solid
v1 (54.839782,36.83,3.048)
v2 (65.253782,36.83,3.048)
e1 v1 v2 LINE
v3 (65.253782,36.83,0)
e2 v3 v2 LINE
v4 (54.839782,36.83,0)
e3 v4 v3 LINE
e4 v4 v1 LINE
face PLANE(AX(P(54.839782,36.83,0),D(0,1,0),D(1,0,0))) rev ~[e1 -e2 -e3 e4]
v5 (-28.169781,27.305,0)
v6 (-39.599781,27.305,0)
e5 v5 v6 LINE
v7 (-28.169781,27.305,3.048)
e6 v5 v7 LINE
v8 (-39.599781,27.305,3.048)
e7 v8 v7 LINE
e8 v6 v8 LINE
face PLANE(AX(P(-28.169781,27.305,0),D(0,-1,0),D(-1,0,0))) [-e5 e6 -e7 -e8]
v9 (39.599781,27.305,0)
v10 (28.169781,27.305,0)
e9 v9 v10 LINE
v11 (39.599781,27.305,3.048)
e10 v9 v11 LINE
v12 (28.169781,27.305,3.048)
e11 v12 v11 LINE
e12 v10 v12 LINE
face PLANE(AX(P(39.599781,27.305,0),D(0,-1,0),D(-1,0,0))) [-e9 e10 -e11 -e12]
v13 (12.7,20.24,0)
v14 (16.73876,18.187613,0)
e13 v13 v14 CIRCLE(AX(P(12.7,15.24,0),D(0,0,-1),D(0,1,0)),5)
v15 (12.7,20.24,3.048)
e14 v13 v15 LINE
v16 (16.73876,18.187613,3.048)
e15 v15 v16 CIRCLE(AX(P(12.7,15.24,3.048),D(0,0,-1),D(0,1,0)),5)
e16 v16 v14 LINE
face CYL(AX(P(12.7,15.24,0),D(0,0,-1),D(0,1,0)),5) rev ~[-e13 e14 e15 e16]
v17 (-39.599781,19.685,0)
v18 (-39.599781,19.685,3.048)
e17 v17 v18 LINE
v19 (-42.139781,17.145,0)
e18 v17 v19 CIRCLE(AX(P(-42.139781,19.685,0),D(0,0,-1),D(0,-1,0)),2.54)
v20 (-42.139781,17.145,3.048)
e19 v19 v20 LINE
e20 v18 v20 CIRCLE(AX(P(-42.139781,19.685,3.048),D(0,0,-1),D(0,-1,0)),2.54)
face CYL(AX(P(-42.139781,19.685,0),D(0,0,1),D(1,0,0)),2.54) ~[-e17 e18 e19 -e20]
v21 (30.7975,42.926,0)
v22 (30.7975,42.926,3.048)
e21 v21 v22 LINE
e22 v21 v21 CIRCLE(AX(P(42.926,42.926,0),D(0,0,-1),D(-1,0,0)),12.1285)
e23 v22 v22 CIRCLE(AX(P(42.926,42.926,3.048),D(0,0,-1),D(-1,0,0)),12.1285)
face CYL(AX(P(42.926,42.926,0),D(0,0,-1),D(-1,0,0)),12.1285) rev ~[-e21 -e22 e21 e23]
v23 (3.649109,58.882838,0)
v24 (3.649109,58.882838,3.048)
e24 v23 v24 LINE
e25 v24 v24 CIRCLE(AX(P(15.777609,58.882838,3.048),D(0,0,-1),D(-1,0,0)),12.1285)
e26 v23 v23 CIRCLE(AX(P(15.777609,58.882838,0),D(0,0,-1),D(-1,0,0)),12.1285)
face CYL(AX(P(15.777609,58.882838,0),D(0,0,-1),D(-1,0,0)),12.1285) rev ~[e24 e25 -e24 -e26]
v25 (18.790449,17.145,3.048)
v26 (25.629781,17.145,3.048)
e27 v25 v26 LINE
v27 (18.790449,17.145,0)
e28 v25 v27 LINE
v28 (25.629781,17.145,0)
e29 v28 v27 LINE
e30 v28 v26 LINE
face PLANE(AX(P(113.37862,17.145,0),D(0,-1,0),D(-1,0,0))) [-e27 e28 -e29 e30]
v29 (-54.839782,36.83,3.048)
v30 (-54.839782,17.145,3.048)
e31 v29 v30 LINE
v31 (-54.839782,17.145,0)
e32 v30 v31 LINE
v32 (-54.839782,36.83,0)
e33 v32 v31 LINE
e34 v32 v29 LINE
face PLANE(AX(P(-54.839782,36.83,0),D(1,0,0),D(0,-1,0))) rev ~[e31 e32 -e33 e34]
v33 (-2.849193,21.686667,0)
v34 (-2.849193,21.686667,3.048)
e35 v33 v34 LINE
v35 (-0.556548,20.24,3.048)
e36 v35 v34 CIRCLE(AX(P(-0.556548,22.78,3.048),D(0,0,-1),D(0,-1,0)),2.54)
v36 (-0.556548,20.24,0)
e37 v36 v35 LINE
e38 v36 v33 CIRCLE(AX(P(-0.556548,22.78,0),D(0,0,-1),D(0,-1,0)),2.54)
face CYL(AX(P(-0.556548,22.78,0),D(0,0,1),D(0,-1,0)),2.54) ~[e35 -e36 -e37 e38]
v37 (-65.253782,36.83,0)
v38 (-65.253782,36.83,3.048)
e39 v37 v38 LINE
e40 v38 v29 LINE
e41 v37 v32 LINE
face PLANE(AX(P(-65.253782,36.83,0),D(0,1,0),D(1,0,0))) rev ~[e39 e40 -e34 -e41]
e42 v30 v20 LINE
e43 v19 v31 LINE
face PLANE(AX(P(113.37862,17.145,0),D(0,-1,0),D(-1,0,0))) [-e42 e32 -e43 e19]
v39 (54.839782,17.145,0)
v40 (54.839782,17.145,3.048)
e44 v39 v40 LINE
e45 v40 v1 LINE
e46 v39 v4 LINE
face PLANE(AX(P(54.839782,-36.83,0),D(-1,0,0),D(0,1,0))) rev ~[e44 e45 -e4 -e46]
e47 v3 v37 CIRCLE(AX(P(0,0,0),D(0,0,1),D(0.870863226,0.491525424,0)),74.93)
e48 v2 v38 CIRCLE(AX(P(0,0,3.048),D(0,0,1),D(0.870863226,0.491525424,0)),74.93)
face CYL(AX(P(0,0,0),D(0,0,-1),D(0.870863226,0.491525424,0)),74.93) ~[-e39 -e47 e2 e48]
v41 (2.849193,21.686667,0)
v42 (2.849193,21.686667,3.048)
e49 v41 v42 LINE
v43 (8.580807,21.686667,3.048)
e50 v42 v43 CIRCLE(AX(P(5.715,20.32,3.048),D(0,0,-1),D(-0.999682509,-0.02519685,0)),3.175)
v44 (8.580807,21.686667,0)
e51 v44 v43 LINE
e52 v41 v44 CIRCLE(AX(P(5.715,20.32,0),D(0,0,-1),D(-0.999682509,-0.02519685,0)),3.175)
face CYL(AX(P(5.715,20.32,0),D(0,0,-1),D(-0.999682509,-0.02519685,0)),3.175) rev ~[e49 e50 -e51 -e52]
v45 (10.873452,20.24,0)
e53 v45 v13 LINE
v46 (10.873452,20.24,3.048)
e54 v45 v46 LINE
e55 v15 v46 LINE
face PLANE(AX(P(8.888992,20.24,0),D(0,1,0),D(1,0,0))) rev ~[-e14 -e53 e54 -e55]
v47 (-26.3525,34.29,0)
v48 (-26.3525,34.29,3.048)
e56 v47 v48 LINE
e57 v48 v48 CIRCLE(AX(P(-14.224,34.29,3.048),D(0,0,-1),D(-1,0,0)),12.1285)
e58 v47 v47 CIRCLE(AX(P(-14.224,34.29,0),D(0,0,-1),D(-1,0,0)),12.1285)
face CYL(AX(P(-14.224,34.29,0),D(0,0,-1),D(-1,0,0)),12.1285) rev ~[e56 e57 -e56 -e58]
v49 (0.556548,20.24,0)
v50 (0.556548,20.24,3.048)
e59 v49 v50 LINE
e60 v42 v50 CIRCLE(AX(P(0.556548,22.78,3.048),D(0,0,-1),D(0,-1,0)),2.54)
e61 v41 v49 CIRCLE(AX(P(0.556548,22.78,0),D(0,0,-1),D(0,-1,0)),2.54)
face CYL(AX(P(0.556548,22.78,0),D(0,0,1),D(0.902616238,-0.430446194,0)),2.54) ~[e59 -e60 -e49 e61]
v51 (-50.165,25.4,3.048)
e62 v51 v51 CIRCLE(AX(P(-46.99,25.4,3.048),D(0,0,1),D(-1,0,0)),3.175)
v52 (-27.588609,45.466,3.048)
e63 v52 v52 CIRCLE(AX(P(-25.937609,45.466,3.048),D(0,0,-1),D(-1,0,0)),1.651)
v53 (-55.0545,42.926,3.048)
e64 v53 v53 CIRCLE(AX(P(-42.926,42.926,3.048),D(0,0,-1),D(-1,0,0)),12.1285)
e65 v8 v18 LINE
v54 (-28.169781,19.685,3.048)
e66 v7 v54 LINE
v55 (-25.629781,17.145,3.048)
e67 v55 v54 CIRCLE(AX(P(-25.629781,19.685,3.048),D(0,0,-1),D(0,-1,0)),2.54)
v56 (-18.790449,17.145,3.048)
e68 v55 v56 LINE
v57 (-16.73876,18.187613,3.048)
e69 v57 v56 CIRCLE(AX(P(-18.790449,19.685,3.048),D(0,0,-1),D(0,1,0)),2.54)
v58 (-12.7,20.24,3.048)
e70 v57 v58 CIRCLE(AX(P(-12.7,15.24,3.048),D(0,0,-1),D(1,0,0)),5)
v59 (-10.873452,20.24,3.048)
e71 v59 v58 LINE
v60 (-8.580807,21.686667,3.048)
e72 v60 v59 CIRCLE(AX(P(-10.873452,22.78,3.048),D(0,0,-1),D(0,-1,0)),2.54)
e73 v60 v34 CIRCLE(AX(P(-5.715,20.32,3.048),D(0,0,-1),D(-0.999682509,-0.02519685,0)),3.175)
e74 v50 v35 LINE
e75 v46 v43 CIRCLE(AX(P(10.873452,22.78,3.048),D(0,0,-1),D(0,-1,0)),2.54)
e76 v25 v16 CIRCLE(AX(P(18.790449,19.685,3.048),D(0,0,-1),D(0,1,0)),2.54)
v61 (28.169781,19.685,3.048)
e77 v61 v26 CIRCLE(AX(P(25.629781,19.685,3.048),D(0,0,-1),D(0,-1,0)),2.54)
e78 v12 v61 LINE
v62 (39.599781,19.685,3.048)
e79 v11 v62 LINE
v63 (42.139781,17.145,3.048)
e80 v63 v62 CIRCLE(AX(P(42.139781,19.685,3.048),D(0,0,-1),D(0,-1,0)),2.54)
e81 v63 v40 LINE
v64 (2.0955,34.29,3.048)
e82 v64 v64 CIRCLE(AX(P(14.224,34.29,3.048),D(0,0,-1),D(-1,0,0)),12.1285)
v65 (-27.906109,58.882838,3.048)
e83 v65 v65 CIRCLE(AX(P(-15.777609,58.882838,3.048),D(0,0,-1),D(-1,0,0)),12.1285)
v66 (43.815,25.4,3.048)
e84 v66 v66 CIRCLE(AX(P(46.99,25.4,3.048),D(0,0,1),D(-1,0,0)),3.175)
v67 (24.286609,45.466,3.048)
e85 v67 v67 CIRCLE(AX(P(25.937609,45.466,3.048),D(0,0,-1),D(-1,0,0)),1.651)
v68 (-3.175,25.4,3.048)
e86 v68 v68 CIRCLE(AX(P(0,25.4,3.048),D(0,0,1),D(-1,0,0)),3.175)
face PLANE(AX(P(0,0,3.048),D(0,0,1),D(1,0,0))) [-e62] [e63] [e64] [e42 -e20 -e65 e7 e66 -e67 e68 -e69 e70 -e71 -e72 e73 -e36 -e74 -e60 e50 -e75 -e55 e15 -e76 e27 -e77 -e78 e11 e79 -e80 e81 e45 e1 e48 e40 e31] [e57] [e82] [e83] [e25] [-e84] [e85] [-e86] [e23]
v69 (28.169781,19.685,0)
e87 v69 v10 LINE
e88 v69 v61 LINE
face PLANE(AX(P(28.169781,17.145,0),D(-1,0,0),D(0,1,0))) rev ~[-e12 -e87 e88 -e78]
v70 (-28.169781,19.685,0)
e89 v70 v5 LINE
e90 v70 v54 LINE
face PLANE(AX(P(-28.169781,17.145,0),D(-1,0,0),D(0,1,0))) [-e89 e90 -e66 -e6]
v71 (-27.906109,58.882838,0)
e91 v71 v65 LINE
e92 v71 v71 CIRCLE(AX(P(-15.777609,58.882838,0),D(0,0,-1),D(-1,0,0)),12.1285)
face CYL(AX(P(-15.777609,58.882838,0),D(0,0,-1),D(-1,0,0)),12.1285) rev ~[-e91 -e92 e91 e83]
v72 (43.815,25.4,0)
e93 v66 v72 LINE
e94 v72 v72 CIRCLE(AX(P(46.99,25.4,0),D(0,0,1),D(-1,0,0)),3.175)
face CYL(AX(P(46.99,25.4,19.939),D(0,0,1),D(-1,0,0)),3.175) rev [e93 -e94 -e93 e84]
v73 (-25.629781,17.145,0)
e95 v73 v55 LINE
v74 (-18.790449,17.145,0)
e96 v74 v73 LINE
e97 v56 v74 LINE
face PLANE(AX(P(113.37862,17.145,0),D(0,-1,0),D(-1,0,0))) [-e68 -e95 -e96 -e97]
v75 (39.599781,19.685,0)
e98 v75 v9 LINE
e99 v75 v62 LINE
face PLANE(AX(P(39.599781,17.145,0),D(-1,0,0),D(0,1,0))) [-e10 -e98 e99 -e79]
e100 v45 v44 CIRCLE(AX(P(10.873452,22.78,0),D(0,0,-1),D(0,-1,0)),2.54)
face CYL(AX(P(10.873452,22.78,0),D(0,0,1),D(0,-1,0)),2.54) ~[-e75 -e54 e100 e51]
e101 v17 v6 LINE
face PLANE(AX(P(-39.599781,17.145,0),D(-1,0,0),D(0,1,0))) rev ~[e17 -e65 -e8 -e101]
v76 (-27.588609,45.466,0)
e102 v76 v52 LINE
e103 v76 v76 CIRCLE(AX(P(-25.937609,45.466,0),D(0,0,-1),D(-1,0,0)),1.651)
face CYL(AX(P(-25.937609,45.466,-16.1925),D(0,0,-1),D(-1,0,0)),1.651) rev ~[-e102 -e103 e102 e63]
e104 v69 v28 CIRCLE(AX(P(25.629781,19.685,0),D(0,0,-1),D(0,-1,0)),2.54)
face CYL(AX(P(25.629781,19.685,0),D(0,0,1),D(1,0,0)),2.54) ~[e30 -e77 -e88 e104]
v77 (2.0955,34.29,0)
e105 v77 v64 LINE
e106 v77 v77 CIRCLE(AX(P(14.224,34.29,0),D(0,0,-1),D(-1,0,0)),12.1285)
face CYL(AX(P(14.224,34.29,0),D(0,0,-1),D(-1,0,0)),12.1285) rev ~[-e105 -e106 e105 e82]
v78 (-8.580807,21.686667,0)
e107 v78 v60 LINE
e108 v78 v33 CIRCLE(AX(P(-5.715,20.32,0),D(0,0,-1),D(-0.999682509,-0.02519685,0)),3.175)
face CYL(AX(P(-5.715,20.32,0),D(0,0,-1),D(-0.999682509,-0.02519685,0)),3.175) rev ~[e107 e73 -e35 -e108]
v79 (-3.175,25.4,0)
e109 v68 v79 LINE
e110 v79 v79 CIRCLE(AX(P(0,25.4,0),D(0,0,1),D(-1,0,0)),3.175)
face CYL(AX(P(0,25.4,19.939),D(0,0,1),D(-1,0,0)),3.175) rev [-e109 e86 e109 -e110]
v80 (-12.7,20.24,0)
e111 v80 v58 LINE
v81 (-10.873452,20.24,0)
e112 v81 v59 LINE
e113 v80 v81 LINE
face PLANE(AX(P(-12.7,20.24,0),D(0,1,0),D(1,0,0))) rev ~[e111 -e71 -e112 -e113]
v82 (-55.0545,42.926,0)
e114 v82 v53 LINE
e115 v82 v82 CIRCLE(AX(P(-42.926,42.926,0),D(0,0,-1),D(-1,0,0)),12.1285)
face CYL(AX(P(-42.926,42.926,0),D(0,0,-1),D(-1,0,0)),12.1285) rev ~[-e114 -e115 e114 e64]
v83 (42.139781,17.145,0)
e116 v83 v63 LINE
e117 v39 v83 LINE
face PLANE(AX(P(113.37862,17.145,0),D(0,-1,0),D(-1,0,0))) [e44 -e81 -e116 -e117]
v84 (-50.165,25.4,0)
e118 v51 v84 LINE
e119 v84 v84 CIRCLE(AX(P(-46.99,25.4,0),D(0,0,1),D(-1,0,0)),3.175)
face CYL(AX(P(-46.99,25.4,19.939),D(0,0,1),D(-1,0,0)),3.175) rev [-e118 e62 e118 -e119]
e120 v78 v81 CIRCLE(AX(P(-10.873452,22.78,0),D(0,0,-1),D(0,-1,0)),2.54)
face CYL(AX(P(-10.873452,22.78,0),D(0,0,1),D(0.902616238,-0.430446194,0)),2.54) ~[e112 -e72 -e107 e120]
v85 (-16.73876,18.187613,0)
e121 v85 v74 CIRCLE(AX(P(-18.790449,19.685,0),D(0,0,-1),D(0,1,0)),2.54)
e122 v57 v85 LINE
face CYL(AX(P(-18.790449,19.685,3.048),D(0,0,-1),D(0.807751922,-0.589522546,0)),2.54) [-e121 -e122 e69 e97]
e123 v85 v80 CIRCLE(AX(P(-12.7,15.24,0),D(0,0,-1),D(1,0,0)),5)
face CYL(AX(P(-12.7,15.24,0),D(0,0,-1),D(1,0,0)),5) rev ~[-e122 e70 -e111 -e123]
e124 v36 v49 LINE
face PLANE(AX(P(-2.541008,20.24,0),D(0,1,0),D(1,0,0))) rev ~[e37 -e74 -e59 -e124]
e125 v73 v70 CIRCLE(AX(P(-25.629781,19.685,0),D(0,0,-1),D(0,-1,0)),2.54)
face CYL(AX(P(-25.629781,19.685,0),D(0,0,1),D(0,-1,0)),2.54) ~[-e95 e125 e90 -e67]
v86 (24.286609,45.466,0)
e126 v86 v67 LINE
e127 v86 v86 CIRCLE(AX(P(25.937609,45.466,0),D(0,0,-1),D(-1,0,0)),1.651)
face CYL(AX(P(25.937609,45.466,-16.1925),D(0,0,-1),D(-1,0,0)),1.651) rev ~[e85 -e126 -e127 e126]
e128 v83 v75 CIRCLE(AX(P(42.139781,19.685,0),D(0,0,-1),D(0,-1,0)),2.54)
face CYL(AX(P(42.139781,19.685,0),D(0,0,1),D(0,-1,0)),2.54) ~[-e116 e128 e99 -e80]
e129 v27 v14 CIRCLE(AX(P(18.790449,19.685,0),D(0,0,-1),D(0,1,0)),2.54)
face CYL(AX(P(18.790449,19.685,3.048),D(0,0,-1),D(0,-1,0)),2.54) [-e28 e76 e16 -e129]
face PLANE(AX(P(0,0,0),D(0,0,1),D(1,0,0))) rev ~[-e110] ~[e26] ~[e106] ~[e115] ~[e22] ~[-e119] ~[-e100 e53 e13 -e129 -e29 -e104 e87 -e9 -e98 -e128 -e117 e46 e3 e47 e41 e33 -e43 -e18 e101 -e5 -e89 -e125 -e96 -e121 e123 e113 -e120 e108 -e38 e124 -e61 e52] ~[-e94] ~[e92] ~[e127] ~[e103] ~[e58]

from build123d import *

# Parameters (mm, degrees)
SKETCH1_R                 = 1.651
BOSS_EXTRUDE2_DEPTH       = 3.048
SKETCH2_R                 = 1.143
CUT_EXTRUDE1_DEPTH        = 4.048
SKETCH3_R                 = 12.1285
CUT_EXTRUDE2_DEPTH        = 4.048
SKETCH4_W                 = 28.562713242
SKETCH4_H                 = 11.677503754
BOSS_EXTRUDE3_DEPTH       = 3.048
SKETCH5_W                 = 230.699333954
SKETCH5_H                 = 107.587024537
CUT_EXTRUDE3_DEPTH        = 4.048
SKETCH6_R                 = 12.1285
CUT_EXTRUDE4_DEPTH        = 4.048
SKETCH9_W                 = 11.43
SKETCH9_H                 = 10.16
CUT_EXTRUDE7_DEPTH        = 4.048
SKETCH65_R                = 1.651
CUT_EXTRUDE63_DEPTH       = 97.79
SKETCH119_R               = 3.175
CUT_EXTRUDE117_DEPTH      = 103.378
CUT_EXTRUDE117_DEPTH_BACK = 48.768
CUT_EXTRUDE10_DEPTH       = 14.224
FILLET1_R                 = 2.54


with BuildPart() as part:
    # Sketch1 → Boss-Extrude2 (new body)
    with BuildSketch(Plane.XY):
        with BuildLine():
            Line((-65.2537815, 36.83), (-54.8397815, 36.83))
            Line((-54.8397815, 36.83), (-54.8397815, -36.83))
            Line((-54.8397815, -36.83), (-65.2537815, -36.83))
            ThreePointArc((-65.2537815, -36.83), (0, -74.93), (65.2537815, -36.83))
            Line((65.2537815, -36.83), (54.8397815, -36.83))
            Line((54.8397815, -36.83), (54.8397815, 36.83))
            Line((54.8397815, 36.83), (65.2537815, 36.83))
            ThreePointArc((65.2537815, 36.83), (0, 74.93), (-65.2537815, 36.83))
        make_face()
        with Locations((-45.466, 11.049)):
            Circle(SKETCH1_R, mode=Mode.SUBTRACT)
        with Locations((-20.067270032, 10.795)):
            Circle(SKETCH1_R, mode=Mode.SUBTRACT)
        with Locations((-20.067270032, -10.795)):
            Circle(SKETCH1_R, mode=Mode.SUBTRACT)
        with Locations((-45.466, -11.049)):
            Circle(SKETCH1_R, mode=Mode.SUBTRACT)
        with Locations((45.466, -11.049)):
            Circle(SKETCH1_R, mode=Mode.SUBTRACT)
        with Locations((20.067270032, -10.795)):
            Circle(SKETCH1_R, mode=Mode.SUBTRACT)
        with Locations((20.067270032, 10.795)):
            Circle(SKETCH1_R, mode=Mode.SUBTRACT)
        with Locations((45.466, 11.049)):
            Circle(SKETCH1_R, mode=Mode.SUBTRACT)
    extrude(amount=BOSS_EXTRUDE2_DEPTH)

    # Sketch2 → Cut-Extrude1 (cut, through all)
    with BuildSketch(Plane.XY.offset(3.048)):
        with Locations((-6.731, 62.23)):
            Circle(SKETCH2_R)
        with Locations((6.731, 62.23)):
            Circle(SKETCH2_R)
    extrude(amount=-CUT_EXTRUDE1_DEPTH, mode=Mode.SUBTRACT)

    # Sketch3 → Cut-Extrude2 (cut, through all)
    with BuildSketch(Plane(origin=(0, 0, 0), x_dir=(-1, 0, 0), z_dir=(0, 0, -1))):
        with Locations((-42.926, -42.926)):
            Circle(SKETCH3_R)
        with Locations((-14.224, 34.29)):
            Circle(SKETCH3_R)
        with Locations((14.224, -34.29)):
            Circle(SKETCH3_R)
        with Locations((14.224, 34.29)):
            Circle(SKETCH3_R)
        with Locations((-42.926, 42.926)):
            Circle(SKETCH3_R)
        with Locations((42.926, 42.926)):
            Circle(SKETCH3_R)
        with Locations((-14.224, -34.29)):
            Circle(SKETCH3_R)
        with Locations((42.926, -42.926)):
            Circle(SKETCH3_R)
    extrude(amount=-CUT_EXTRUDE2_DEPTH, mode=Mode.SUBTRACT)

    # Sketch4 → Boss-Extrude3 (add)
    with BuildSketch(Plane(origin=(0, 0, 0), x_dir=(-1, 0, 0), z_dir=(0, 0, -1))):
        with Locations((-1.488809975, 62.152540216)):
            Rectangle(SKETCH4_W, SKETCH4_H)
    extrude(amount=-BOSS_EXTRUDE3_DEPTH)

    # Sketch5 → Cut-Extrude3 (cut, through all)
    with BuildSketch(Plane(origin=(0, 0, 0), x_dir=(-1, 0, 0), z_dir=(0, 0, -1))):
        with Locations((1.971047261, -36.648512269)):
            Rectangle(SKETCH5_W, SKETCH5_H)
    extrude(amount=-CUT_EXTRUDE3_DEPTH, mode=Mode.SUBTRACT)

    # Sketch6 → Cut-Extrude4 (cut, through all)
    with BuildSketch(Plane(origin=(0, 0, 0), x_dir=(-1, 0, 0), z_dir=(0, 0, -1))):
        with Locations((-15.777608989, 58.882838371)):
            Circle(SKETCH6_R)
        with Locations((15.777608989, 58.882838371)):
            Circle(SKETCH6_R)
    extrude(amount=-CUT_EXTRUDE4_DEPTH, mode=Mode.SUBTRACT)

    # Sketch9 → Cut-Extrude7 (cut, through all)
    with BuildSketch(Plane(origin=(0, 0, 0), x_dir=(-1, 0, 0), z_dir=(0, 0, -1))):
        with Locations((33.8847815, 22.225)):
            Rectangle(SKETCH9_W, SKETCH9_H)
        with Locations((-33.8847815, 22.225)):
            Rectangle(SKETCH9_W, SKETCH9_H)
    extrude(amount=-CUT_EXTRUDE7_DEPTH, mode=Mode.SUBTRACT)

    # Sketch65 → Cut-Extrude63 (cut)
    with BuildSketch(Plane(origin=(30.092005081, 4.08352975, -16.1925), x_dir=(-1, 0, 0), z_dir=(0, 0, -1))):
        with Locations((4.154396091, 41.38247025)):
            Circle(SKETCH65_R)
        with Locations((56.02961407, 41.38247025)):
            Circle(SKETCH65_R)
    extrude(amount=-CUT_EXTRUDE63_DEPTH, mode=Mode.SUBTRACT)

    # Sketch119 → Cut-Extrude117 (cut, two sides)
    with BuildSketch(Plane(origin=(30.092005081, 4.08352975, 19.939), x_dir=(-1, 0, 0), z_dir=(0, 0, -1))) as cut_extrude117_sk:
        with Locations((-16.897994919, 21.31647025)):
            Circle(SKETCH119_R)
        with Locations((77.082005081, 21.31647025)):
            Circle(SKETCH119_R)
        with Locations((30.092005081, 21.31647025)):
            Circle(SKETCH119_R)
    extrude(amount=CUT_EXTRUDE117_DEPTH, mode=Mode.SUBTRACT)
    extrude(cut_extrude117_sk.sketch, amount=-CUT_EXTRUDE117_DEPTH_BACK, mode=Mode.SUBTRACT)

    # Sketch12 → Cut-Extrude10 (cut)
    with BuildSketch(Plane(origin=(0, 0, 0), x_dir=(-1, 0, 0), z_dir=(0, 0, -1))):
        with BuildLine():
            Line((12.7, 20.24), (8.888991966, 20.24))
            ThreePointArc((8.888991966, 20.24), (5.715, 23.495), (2.541008034, 20.24))
            Line((2.541008034, 20.24), (-2.541008034, 20.24))
            ThreePointArc((-2.541008034, 20.24), (-5.715, 23.495), (-8.888991966, 20.24))
            Line((-8.888991966, 20.24), (-12.7, 20.24))
            ThreePointArc((-12.7, 20.24), (-16.235533906, 11.704466094), (-7.7, 15.24))
            Line((-7.7, 15.24), (7.7, 15.24))
            ThreePointArc((7.7, 15.24), (16.235533906, 11.704466094), (12.7, 20.24))
        make_face()
    extrude(amount=-CUT_EXTRUDE10_DEPTH, mode=Mode.SUBTRACT)

    # Fillet1
    fillet1_edges = [part.edges().sort_by_distance(p)[0] for p in [
        (-39.5997815, 17.145, 1.524),
        (-28.1697815, 17.145, 1.524),
        (28.1697815, 17.145, 1.524),
        (39.5997815, 17.145, 1.524),
        (-17.322875188, 17.145, 1.524),
        (17.322875188, 17.145, 1.524),
        (8.888991966, 20.24, 1.524),
        (2.541008034, 20.24, 1.524),
        (-2.541008034, 20.24, 1.524),
        (-8.888991966, 20.24, 1.524),
    ]]
    fillet(fillet1_edges, radius=FILLET1_R)


solid = part.part
